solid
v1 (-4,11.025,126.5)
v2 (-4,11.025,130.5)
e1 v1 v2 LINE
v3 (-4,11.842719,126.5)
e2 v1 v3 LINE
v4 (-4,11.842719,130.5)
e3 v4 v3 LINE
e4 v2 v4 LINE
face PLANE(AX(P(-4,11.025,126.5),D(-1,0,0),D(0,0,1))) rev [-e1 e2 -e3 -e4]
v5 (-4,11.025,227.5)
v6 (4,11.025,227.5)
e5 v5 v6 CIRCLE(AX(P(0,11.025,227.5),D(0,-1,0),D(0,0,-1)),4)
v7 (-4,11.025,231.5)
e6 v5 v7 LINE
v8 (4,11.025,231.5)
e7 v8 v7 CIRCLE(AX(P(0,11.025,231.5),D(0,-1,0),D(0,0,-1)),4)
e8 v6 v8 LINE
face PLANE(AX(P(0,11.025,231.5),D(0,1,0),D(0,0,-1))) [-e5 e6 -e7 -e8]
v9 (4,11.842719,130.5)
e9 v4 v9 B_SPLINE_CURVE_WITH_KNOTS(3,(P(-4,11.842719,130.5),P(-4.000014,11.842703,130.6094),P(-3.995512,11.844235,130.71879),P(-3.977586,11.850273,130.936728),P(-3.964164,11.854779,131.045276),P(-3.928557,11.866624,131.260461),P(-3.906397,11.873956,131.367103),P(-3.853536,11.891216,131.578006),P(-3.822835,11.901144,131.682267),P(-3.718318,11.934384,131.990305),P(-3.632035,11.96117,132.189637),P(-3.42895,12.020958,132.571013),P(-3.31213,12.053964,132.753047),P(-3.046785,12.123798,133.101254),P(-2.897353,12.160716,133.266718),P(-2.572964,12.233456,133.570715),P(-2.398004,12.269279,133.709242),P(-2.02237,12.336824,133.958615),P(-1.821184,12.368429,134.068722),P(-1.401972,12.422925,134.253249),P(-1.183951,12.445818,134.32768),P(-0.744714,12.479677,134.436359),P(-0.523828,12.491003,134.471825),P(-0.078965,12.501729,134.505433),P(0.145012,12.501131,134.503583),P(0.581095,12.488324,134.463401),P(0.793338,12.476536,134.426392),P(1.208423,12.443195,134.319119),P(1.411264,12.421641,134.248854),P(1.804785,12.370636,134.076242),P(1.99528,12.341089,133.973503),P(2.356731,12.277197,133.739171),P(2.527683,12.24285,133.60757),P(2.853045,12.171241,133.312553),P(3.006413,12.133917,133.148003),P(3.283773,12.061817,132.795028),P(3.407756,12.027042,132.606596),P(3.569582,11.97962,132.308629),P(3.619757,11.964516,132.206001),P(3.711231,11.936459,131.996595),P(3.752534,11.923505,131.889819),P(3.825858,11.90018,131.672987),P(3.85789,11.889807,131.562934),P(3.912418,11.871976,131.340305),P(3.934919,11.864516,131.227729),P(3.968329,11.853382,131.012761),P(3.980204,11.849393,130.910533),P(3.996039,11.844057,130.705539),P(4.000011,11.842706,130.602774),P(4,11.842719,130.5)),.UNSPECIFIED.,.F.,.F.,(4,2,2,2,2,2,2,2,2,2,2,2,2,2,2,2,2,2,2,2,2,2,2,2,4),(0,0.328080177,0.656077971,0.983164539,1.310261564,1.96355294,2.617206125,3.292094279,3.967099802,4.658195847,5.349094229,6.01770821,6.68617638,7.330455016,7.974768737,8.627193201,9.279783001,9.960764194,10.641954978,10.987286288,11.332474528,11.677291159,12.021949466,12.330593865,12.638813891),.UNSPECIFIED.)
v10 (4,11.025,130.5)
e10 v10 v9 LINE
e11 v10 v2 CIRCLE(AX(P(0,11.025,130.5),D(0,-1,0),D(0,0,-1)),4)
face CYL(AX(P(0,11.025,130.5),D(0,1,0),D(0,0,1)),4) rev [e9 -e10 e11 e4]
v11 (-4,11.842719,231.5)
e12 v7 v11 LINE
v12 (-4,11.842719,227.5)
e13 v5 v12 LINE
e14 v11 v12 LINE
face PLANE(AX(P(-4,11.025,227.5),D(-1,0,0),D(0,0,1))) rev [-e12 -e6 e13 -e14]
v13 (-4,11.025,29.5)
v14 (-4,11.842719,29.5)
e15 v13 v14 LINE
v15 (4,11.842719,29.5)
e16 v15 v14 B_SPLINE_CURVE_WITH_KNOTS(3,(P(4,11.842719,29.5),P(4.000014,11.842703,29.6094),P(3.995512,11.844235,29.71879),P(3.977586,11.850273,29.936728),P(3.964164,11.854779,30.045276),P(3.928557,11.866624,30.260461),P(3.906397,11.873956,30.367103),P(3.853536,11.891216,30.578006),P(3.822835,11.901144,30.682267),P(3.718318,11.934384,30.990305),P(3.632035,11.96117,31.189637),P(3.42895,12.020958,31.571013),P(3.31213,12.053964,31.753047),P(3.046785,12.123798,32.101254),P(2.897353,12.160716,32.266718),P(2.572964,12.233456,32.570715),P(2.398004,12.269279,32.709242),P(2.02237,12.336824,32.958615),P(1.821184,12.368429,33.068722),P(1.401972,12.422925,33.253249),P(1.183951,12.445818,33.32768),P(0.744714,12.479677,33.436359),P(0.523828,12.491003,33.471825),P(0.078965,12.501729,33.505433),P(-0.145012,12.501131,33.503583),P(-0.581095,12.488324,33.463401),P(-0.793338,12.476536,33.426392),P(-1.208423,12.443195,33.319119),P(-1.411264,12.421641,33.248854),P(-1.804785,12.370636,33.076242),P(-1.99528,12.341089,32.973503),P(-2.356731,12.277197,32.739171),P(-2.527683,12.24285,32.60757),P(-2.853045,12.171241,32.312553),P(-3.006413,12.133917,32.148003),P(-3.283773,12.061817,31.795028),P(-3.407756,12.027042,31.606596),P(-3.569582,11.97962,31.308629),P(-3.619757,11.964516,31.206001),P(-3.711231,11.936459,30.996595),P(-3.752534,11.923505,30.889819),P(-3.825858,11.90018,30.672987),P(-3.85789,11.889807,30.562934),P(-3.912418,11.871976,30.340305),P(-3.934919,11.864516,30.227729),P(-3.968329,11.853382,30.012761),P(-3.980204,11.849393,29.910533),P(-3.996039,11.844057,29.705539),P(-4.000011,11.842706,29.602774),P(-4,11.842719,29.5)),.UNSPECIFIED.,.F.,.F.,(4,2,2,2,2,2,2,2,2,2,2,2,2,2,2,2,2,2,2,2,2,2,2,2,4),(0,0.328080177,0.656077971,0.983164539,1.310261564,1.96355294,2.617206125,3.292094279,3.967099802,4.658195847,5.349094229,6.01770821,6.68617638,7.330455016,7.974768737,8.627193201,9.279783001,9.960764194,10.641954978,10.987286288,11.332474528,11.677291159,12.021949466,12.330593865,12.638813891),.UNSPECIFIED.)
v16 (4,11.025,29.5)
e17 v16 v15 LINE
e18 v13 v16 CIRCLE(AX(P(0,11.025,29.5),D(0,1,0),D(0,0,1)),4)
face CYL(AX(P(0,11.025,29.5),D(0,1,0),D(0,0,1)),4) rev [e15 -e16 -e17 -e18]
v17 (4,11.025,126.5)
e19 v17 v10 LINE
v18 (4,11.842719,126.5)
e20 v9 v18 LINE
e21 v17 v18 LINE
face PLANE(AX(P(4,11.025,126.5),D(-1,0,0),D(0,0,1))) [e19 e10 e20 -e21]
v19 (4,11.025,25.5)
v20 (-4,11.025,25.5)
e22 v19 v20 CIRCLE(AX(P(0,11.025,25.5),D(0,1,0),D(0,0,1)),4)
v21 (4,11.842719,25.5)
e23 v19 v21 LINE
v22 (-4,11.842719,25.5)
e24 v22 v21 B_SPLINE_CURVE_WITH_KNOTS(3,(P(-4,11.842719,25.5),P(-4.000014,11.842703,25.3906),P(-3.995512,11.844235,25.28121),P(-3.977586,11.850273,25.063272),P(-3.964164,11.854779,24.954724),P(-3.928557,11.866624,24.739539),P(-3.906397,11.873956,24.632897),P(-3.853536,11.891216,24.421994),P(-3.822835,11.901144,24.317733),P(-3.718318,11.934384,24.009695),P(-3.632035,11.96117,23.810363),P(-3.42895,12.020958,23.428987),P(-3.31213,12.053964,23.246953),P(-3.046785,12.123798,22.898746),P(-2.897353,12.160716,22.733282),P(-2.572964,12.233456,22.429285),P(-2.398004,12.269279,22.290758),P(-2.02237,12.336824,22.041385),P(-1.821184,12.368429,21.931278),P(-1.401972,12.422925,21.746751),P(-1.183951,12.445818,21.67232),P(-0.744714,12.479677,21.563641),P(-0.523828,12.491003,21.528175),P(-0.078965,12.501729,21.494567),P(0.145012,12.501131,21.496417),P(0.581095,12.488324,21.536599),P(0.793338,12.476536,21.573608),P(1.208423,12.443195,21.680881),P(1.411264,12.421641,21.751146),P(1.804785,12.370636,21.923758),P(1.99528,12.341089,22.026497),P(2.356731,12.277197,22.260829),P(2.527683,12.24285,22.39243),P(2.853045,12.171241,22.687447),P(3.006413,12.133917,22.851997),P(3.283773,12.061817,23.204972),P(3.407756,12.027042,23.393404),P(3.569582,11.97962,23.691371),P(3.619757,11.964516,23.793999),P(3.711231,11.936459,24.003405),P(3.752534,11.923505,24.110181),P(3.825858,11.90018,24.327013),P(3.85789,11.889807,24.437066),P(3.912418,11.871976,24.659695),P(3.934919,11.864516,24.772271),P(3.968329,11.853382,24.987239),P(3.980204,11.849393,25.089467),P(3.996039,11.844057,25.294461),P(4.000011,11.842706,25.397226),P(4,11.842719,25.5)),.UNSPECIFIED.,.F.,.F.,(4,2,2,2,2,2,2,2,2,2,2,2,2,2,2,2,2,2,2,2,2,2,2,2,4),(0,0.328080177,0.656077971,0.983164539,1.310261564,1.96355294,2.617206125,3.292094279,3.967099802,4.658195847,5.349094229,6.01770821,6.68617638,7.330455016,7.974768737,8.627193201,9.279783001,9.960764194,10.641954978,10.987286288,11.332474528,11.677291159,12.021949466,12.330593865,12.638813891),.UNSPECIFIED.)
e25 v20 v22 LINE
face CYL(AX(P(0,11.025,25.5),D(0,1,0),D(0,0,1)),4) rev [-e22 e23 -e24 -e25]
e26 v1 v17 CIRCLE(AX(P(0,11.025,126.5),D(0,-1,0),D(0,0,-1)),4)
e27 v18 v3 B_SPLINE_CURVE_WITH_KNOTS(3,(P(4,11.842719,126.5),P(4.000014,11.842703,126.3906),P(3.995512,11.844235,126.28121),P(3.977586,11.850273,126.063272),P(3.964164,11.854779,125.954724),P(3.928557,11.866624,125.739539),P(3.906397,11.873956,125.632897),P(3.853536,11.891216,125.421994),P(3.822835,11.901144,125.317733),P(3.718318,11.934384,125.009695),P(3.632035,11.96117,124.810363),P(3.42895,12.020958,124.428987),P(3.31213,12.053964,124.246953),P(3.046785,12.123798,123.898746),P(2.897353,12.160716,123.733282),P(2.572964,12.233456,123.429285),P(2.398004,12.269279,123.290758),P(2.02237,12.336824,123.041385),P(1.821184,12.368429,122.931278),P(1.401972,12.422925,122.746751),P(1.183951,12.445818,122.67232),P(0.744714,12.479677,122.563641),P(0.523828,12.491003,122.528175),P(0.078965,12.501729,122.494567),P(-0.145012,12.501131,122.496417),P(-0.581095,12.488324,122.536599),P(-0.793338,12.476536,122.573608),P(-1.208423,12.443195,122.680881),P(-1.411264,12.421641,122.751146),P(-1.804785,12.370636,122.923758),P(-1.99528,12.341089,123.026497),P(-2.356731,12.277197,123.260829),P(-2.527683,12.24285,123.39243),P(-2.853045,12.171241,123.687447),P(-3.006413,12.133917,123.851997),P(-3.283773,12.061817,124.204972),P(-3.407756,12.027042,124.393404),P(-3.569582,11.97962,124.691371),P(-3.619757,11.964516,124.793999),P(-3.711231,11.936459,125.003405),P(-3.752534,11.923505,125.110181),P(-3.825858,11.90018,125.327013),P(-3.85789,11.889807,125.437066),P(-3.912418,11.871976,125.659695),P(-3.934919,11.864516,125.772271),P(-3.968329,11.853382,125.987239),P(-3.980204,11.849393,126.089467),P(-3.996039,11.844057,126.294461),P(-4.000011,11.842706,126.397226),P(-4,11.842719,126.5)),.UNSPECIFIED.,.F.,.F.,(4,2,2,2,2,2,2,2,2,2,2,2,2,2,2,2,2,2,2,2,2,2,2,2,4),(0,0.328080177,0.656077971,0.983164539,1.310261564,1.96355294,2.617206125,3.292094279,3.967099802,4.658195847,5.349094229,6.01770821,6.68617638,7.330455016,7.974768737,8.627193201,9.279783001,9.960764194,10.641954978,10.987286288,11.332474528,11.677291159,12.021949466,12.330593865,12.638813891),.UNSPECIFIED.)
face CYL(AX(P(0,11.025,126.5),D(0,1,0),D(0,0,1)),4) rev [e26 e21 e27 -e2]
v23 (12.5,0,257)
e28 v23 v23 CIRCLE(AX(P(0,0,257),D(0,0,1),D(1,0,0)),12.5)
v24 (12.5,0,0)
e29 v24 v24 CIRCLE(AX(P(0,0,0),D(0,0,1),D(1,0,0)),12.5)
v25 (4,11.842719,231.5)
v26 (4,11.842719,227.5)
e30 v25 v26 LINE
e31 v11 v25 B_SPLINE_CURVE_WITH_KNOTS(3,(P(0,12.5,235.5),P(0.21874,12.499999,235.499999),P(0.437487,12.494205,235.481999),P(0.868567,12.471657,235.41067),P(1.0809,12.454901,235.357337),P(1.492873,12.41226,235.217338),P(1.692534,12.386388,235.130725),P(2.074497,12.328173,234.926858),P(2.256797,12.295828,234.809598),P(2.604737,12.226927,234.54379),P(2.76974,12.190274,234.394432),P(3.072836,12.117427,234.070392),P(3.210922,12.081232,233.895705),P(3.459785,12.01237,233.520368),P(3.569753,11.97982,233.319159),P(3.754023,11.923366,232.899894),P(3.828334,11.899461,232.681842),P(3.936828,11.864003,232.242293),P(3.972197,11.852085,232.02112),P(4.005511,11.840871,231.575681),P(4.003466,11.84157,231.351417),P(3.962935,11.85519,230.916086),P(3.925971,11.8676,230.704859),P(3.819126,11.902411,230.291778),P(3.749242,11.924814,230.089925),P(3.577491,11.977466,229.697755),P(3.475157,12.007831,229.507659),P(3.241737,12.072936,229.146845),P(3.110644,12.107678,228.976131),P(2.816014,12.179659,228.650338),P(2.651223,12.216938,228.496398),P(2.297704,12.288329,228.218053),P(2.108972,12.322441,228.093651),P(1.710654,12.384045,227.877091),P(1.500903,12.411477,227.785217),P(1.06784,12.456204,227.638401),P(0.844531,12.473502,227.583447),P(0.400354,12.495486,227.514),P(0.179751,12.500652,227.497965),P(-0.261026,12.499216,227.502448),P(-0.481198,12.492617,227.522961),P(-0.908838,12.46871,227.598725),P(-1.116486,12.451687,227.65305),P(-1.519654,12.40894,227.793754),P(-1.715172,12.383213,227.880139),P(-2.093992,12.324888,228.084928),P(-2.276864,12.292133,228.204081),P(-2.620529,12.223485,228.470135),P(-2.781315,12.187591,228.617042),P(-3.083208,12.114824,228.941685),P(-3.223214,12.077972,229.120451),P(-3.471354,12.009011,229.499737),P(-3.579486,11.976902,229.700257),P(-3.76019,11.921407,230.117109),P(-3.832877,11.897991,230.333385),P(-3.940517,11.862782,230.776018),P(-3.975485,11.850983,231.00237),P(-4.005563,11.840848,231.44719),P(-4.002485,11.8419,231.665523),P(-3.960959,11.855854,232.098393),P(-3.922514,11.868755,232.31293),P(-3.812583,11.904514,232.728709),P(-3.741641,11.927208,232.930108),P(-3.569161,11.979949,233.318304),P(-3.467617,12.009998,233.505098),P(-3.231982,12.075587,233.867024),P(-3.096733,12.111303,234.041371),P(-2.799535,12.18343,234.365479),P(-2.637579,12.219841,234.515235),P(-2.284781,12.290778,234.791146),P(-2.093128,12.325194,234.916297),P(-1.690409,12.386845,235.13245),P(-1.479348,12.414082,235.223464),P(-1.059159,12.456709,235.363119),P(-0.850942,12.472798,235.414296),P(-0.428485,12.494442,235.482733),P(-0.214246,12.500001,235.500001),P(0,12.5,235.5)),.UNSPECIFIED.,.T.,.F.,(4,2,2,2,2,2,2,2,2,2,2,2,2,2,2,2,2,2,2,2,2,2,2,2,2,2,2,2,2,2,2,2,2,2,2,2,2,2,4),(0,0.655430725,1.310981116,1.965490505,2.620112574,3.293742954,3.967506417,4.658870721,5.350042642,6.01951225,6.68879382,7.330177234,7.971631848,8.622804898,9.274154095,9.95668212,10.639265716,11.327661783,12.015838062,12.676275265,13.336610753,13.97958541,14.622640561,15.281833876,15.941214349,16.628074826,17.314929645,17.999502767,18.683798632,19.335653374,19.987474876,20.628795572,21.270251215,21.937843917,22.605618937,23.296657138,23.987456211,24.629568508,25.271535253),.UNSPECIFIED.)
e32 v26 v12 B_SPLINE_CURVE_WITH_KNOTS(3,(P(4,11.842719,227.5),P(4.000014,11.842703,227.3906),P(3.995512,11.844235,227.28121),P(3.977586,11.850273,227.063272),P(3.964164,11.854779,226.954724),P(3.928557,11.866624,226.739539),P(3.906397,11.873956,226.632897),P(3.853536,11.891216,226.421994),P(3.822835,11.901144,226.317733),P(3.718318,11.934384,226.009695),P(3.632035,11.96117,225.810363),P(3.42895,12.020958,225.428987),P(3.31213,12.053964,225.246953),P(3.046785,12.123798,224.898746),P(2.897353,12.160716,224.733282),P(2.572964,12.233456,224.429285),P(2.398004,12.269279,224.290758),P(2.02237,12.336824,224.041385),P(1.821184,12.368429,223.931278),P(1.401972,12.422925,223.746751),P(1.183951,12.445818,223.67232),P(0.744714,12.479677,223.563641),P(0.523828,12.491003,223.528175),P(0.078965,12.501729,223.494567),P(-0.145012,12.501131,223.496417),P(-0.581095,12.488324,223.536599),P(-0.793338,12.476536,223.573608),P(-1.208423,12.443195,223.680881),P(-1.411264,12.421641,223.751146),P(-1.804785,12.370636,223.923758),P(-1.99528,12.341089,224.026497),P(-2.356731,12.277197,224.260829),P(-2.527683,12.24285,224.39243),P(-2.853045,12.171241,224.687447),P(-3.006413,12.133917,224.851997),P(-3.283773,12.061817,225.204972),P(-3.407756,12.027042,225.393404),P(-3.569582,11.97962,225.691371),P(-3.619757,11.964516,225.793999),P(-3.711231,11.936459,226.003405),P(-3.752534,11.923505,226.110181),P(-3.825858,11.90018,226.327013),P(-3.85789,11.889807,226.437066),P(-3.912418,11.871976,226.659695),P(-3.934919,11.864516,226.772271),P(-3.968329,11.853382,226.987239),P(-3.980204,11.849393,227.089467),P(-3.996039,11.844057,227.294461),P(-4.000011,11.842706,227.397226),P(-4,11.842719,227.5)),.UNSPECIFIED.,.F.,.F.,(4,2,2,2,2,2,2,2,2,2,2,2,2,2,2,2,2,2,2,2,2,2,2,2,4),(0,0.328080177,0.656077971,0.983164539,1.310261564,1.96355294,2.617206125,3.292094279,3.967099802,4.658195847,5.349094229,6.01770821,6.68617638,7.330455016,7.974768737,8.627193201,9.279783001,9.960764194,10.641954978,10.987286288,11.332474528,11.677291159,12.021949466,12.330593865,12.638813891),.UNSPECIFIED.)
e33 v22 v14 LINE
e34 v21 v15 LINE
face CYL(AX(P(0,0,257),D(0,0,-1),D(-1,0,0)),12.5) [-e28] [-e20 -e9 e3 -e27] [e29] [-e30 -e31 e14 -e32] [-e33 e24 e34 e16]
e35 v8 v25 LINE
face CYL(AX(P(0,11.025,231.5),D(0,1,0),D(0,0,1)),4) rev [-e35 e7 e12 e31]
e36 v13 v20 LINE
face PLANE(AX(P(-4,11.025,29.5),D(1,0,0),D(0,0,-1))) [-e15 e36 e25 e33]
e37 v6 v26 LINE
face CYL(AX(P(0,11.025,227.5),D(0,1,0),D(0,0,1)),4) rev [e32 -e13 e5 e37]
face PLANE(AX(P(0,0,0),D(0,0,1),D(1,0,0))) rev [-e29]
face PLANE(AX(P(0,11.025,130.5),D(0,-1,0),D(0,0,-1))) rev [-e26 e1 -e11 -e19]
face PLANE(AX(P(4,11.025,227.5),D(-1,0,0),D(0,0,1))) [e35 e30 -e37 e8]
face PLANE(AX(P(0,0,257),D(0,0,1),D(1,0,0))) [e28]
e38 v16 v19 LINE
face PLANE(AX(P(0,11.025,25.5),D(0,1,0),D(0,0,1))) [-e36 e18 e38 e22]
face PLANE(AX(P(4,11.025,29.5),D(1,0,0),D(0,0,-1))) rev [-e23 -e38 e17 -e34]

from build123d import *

# Parameters (mm, degrees)
SKETCH_1_R          = 12.5
EXTRUDE_1_DEPTH     = 257
CUT_EXTRUDE_1_DEPTH = 0.975


with BuildPart() as part:
    # 草图1 → 凸台-拉伸1 (new body)
    with BuildSketch(Plane.XY):
        Circle(SKETCH_1_R)
    extrude(amount=EXTRUDE_1_DEPTH)

    # 草图6 → 切除-拉伸1 (cut, symmetric)
    with BuildSketch(Plane(origin=(0, 12, 0), x_dir=(1, 0, 0), z_dir=(0, 1, 0))):
        with BuildLine():
            Line((-4, -29.5), (-4, -25.5))
            ThreePointArc((-4, -25.5), (0, -21.5), (4, -25.5))
            Line((4, -25.5), (4, -29.5))
            ThreePointArc((4, -29.5), (0, -33.5), (-4, -29.5))
        make_face()
        with BuildLine():
            Line((-4, -126.5), (-4, -130.5))
            ThreePointArc((-4, -130.5), (0, -134.5), (4, -130.5))
            Line((4, -130.5), (4, -126.5))
            ThreePointArc((4, -126.5), (0, -122.5), (-4, -126.5))
        make_face()
    cut_extrude_1 = extrude(amount=CUT_EXTRUDE_1_DEPTH, both=True, mode=Mode.SUBTRACT)

    # 镜向1: 切除-拉伸1 across plane
    add(cut_extrude_1.mirror(Plane(origin=(0, 0, 128.5), x_dir=(1, 0, 0), z_dir=(0, 0, -1))), mode=Mode.SUBTRACT)


solid = part.part
